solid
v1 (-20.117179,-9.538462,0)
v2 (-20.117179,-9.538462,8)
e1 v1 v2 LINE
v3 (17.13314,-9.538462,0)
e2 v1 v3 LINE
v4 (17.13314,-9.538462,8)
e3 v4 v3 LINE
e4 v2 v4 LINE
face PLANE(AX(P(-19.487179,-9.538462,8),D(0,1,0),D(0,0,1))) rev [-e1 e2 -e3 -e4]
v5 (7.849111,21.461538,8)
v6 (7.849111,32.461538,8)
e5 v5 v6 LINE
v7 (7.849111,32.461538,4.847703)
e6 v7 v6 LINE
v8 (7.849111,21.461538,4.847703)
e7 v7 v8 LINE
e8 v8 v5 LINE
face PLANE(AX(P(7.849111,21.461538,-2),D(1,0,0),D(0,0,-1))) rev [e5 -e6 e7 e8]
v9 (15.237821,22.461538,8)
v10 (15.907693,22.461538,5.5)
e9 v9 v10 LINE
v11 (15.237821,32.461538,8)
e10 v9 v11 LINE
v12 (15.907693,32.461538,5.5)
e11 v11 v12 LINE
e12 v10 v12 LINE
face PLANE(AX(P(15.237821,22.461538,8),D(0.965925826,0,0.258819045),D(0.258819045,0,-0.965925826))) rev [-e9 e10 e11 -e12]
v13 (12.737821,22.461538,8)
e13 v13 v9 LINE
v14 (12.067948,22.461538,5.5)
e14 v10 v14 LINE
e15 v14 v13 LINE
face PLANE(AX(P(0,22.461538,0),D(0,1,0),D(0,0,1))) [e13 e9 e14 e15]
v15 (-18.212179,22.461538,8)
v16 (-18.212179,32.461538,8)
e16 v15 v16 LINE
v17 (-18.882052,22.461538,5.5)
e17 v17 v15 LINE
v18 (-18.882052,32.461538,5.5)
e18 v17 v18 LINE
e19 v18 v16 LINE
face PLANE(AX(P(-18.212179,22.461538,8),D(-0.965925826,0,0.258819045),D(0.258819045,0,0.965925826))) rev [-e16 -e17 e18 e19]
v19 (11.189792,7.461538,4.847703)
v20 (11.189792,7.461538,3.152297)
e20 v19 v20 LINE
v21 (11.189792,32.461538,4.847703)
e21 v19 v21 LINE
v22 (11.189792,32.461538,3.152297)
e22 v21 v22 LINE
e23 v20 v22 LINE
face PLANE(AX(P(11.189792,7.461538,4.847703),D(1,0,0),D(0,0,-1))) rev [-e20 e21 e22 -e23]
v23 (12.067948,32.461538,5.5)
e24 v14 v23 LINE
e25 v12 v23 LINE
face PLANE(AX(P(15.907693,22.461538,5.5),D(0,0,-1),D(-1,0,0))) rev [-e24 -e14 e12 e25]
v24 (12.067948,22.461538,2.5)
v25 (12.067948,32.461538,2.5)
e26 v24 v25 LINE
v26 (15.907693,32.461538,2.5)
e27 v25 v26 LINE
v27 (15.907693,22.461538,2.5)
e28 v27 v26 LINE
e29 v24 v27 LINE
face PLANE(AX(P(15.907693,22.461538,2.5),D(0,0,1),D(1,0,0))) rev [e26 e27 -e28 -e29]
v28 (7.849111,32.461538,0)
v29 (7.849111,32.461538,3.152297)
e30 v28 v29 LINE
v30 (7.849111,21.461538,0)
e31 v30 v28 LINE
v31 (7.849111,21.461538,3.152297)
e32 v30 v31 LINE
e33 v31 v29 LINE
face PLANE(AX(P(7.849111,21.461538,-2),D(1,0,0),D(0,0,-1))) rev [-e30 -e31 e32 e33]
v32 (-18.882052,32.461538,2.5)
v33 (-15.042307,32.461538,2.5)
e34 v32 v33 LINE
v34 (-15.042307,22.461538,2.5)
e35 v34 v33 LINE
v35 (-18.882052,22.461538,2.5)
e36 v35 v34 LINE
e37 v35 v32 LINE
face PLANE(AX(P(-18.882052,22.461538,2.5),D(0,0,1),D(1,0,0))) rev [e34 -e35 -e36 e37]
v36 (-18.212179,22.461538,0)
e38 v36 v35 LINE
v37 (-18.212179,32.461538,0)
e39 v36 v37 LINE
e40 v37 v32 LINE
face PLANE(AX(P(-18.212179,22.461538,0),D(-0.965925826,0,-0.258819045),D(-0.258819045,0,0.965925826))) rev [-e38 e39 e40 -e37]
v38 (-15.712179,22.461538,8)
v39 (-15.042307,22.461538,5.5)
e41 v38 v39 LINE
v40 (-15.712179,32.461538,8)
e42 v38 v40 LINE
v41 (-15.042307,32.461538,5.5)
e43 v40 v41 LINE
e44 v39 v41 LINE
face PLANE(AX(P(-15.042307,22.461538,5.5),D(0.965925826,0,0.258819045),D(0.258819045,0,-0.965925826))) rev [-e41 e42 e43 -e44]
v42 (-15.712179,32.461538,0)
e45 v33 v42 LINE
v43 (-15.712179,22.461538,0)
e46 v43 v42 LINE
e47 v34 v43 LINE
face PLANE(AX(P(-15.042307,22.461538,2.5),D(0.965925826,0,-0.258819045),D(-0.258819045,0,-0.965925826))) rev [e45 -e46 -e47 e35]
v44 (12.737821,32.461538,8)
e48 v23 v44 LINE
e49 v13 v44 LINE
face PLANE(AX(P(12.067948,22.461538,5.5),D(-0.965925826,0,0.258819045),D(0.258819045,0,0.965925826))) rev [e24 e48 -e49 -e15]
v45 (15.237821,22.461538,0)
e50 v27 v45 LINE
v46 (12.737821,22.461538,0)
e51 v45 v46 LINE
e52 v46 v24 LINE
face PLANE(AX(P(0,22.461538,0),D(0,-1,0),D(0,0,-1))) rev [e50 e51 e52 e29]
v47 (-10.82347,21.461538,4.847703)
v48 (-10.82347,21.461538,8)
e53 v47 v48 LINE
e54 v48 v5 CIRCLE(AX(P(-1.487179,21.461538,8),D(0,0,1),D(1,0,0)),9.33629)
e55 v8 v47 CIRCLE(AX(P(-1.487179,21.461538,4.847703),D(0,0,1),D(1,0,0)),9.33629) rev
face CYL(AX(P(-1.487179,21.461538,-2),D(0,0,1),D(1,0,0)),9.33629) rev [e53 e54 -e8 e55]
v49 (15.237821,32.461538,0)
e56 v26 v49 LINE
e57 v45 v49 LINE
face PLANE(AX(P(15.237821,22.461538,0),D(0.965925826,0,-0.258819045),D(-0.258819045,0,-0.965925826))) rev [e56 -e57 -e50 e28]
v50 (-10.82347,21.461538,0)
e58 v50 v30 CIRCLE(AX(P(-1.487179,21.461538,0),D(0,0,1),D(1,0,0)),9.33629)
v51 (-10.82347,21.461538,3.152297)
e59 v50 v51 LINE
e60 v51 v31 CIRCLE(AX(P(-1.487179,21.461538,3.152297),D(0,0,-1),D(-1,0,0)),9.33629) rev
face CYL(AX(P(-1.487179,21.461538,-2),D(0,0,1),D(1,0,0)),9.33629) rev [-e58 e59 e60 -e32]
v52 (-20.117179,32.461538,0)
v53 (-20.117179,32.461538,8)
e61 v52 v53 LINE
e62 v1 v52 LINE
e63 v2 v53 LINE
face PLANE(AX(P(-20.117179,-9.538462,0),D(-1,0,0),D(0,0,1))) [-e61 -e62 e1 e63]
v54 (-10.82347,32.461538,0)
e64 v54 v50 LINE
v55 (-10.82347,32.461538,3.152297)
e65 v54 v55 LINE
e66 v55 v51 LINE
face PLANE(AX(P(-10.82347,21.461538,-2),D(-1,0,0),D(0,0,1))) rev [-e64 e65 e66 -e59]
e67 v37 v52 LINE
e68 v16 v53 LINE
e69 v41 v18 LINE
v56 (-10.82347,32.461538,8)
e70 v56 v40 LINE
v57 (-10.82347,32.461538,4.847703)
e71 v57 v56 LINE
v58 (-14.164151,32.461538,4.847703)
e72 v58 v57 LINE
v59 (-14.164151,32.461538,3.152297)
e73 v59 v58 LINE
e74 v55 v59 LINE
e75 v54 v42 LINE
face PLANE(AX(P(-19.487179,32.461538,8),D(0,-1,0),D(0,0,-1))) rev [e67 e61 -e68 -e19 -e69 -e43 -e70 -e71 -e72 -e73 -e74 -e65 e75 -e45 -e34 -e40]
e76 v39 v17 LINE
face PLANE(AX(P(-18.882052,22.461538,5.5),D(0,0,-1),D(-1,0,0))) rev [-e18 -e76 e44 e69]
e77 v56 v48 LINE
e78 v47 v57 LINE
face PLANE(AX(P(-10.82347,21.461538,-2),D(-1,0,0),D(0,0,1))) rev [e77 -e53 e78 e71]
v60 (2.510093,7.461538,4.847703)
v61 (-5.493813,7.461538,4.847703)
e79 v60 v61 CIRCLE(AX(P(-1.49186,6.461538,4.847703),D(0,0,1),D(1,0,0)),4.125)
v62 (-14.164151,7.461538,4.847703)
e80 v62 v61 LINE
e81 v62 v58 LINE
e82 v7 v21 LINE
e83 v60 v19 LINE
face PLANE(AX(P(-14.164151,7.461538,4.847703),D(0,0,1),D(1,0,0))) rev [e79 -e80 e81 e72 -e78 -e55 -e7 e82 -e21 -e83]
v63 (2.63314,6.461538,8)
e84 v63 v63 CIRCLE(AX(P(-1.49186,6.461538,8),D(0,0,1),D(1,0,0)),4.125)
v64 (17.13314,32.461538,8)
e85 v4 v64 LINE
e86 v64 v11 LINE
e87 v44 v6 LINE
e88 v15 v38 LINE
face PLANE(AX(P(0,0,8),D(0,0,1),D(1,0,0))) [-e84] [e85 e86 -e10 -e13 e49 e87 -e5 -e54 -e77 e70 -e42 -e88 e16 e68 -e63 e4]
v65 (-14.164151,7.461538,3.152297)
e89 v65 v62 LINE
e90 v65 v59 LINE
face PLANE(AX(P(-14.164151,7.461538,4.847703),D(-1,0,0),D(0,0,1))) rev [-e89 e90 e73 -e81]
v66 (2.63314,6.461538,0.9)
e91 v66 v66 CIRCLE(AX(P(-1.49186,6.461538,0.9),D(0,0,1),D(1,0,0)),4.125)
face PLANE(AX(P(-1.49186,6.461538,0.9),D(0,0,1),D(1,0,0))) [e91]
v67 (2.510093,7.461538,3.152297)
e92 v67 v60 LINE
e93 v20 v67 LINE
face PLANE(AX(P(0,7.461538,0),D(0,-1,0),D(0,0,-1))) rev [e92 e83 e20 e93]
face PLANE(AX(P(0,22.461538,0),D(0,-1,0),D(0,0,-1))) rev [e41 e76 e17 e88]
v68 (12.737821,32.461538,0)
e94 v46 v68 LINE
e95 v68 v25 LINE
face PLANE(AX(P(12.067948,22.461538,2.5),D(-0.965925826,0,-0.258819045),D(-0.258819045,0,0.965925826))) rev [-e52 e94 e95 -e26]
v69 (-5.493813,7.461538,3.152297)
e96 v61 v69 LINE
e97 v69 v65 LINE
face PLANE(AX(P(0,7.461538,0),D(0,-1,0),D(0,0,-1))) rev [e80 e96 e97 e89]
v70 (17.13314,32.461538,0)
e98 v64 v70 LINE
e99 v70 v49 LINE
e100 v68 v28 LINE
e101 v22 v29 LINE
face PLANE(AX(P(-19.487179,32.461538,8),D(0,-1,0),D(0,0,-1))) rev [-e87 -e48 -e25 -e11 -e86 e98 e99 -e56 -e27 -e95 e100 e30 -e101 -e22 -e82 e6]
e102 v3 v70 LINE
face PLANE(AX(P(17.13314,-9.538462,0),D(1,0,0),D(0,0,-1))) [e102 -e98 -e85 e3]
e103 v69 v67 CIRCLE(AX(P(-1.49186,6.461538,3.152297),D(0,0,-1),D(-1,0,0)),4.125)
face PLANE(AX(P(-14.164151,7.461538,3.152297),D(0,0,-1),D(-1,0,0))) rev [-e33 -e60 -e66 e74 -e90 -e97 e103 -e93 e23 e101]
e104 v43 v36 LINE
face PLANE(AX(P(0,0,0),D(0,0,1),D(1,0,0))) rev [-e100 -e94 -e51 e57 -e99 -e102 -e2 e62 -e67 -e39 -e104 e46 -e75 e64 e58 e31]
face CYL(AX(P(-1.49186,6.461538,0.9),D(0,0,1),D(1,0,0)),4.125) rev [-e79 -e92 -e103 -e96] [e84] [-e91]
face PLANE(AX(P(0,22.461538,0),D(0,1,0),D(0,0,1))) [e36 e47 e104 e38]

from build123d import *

# Parameters (mm, degrees)
SKETCH2_W           = 36
SKETCH2_H           = 42
BOSS_EXTRUDE1_DEPTH = 8
CUT_EXTRUDE1_DEPTH  = 10
CUT_EXTRUDE2_DEPTH  = 10
SKETCH5_W           = 25.353942038
SKETCH5_H           = 1.695405108
CUT_EXTRUDE3_DEPTH  = 25
SKETCH6_R           = 4.125
CUT_EXTRUDE4_DEPTH  = 7.1
SKETCH7_W           = 0.63
SKETCH7_H           = 8
SKETCH7_W_2         = 0.620319398
BOSS_EXTRUDE2_DEPTH = 42


with BuildPart() as part:
    # Sketch2 → Boss-Extrude1 (new body)
    with BuildSketch(Plane.XY):
        with Locations((-1.487179487, 11.461538462)):
            Rectangle(SKETCH2_W, SKETCH2_H)
    extrude(amount=BOSS_EXTRUDE1_DEPTH)

    # Sketch3 → Cut-Extrude1 (cut)
    with BuildSketch(Plane(origin=(0, 32.461538462, 0), x_dir=(1, 0, 0), z_dir=(0, 1, 0))):
        Polygon((-18.212179487, 0), (-18.882052468, -2.5), (-15.042306506, -2.5), (-15.712179487, 0), align=None)
        Polygon((-18.212179487, -8), (-18.882052468, -5.5), (-15.042306506, -5.5), (-15.712179487, -8), align=None)
        Polygon((15.237820513, 0), (15.907693494, -2.5), (12.067947532, -2.5), (12.737820513, 0), align=None)
        Polygon((15.237820513, -8), (15.907693494, -5.5), (12.067947532, -5.5), (12.737820513, -8), align=None)
    extrude(amount=-CUT_EXTRUDE1_DEPTH, mode=Mode.SUBTRACT)

    # Sketch4 → Cut-Extrude2 (cut)
    with BuildSketch(Plane.XY.offset(8)):
        with BuildLine():
            Line((-10.823469947, 32.461538462), (7.849110972, 32.461538462))
            Line((7.849110972, 32.461538462), (7.849110972, 21.461538462))
            ThreePointArc((7.849110972, 21.461538462), (-1.487179487, 12.125248002), (-10.823469947, 21.461538462))
            Line((-10.823469947, 21.461538462), (-10.823469947, 32.461538462))
        make_face()
    extrude(amount=-CUT_EXTRUDE2_DEPTH, mode=Mode.SUBTRACT)

    # Sketch5 → Cut-Extrude3 (cut)
    with BuildSketch(Plane(origin=(0, 32.461538462, 0), x_dir=(1, 0, 0), z_dir=(0, 1, 0))):
        with Locations((-1.487179487, -4)):
            Rectangle(SKETCH5_W, SKETCH5_H)
    extrude(amount=-CUT_EXTRUDE3_DEPTH, mode=Mode.SUBTRACT)

    # Sketch6 → Cut-Extrude4 (cut)
    with BuildSketch(Plane.XY.offset(8)):
        with Locations((-1.491860089, 6.461538462)):
            Circle(SKETCH6_R)
    extrude(amount=-CUT_EXTRUDE4_DEPTH, mode=Mode.SUBTRACT)

    # Sketch7 → Boss-Extrude2 (add)
    with BuildSketch(Plane(origin=(0, 32.461538462, 0), x_dir=(1, 0, 0), z_dir=(0, 1, 0))):
        with Locations((-19.802179487, -4)):
            Rectangle(SKETCH7_W, SKETCH7_H)
        with Locations((16.822980212, -4)):
            Rectangle(SKETCH7_W_2, SKETCH7_H)
    extrude(amount=-BOSS_EXTRUDE2_DEPTH)


solid = part.part
